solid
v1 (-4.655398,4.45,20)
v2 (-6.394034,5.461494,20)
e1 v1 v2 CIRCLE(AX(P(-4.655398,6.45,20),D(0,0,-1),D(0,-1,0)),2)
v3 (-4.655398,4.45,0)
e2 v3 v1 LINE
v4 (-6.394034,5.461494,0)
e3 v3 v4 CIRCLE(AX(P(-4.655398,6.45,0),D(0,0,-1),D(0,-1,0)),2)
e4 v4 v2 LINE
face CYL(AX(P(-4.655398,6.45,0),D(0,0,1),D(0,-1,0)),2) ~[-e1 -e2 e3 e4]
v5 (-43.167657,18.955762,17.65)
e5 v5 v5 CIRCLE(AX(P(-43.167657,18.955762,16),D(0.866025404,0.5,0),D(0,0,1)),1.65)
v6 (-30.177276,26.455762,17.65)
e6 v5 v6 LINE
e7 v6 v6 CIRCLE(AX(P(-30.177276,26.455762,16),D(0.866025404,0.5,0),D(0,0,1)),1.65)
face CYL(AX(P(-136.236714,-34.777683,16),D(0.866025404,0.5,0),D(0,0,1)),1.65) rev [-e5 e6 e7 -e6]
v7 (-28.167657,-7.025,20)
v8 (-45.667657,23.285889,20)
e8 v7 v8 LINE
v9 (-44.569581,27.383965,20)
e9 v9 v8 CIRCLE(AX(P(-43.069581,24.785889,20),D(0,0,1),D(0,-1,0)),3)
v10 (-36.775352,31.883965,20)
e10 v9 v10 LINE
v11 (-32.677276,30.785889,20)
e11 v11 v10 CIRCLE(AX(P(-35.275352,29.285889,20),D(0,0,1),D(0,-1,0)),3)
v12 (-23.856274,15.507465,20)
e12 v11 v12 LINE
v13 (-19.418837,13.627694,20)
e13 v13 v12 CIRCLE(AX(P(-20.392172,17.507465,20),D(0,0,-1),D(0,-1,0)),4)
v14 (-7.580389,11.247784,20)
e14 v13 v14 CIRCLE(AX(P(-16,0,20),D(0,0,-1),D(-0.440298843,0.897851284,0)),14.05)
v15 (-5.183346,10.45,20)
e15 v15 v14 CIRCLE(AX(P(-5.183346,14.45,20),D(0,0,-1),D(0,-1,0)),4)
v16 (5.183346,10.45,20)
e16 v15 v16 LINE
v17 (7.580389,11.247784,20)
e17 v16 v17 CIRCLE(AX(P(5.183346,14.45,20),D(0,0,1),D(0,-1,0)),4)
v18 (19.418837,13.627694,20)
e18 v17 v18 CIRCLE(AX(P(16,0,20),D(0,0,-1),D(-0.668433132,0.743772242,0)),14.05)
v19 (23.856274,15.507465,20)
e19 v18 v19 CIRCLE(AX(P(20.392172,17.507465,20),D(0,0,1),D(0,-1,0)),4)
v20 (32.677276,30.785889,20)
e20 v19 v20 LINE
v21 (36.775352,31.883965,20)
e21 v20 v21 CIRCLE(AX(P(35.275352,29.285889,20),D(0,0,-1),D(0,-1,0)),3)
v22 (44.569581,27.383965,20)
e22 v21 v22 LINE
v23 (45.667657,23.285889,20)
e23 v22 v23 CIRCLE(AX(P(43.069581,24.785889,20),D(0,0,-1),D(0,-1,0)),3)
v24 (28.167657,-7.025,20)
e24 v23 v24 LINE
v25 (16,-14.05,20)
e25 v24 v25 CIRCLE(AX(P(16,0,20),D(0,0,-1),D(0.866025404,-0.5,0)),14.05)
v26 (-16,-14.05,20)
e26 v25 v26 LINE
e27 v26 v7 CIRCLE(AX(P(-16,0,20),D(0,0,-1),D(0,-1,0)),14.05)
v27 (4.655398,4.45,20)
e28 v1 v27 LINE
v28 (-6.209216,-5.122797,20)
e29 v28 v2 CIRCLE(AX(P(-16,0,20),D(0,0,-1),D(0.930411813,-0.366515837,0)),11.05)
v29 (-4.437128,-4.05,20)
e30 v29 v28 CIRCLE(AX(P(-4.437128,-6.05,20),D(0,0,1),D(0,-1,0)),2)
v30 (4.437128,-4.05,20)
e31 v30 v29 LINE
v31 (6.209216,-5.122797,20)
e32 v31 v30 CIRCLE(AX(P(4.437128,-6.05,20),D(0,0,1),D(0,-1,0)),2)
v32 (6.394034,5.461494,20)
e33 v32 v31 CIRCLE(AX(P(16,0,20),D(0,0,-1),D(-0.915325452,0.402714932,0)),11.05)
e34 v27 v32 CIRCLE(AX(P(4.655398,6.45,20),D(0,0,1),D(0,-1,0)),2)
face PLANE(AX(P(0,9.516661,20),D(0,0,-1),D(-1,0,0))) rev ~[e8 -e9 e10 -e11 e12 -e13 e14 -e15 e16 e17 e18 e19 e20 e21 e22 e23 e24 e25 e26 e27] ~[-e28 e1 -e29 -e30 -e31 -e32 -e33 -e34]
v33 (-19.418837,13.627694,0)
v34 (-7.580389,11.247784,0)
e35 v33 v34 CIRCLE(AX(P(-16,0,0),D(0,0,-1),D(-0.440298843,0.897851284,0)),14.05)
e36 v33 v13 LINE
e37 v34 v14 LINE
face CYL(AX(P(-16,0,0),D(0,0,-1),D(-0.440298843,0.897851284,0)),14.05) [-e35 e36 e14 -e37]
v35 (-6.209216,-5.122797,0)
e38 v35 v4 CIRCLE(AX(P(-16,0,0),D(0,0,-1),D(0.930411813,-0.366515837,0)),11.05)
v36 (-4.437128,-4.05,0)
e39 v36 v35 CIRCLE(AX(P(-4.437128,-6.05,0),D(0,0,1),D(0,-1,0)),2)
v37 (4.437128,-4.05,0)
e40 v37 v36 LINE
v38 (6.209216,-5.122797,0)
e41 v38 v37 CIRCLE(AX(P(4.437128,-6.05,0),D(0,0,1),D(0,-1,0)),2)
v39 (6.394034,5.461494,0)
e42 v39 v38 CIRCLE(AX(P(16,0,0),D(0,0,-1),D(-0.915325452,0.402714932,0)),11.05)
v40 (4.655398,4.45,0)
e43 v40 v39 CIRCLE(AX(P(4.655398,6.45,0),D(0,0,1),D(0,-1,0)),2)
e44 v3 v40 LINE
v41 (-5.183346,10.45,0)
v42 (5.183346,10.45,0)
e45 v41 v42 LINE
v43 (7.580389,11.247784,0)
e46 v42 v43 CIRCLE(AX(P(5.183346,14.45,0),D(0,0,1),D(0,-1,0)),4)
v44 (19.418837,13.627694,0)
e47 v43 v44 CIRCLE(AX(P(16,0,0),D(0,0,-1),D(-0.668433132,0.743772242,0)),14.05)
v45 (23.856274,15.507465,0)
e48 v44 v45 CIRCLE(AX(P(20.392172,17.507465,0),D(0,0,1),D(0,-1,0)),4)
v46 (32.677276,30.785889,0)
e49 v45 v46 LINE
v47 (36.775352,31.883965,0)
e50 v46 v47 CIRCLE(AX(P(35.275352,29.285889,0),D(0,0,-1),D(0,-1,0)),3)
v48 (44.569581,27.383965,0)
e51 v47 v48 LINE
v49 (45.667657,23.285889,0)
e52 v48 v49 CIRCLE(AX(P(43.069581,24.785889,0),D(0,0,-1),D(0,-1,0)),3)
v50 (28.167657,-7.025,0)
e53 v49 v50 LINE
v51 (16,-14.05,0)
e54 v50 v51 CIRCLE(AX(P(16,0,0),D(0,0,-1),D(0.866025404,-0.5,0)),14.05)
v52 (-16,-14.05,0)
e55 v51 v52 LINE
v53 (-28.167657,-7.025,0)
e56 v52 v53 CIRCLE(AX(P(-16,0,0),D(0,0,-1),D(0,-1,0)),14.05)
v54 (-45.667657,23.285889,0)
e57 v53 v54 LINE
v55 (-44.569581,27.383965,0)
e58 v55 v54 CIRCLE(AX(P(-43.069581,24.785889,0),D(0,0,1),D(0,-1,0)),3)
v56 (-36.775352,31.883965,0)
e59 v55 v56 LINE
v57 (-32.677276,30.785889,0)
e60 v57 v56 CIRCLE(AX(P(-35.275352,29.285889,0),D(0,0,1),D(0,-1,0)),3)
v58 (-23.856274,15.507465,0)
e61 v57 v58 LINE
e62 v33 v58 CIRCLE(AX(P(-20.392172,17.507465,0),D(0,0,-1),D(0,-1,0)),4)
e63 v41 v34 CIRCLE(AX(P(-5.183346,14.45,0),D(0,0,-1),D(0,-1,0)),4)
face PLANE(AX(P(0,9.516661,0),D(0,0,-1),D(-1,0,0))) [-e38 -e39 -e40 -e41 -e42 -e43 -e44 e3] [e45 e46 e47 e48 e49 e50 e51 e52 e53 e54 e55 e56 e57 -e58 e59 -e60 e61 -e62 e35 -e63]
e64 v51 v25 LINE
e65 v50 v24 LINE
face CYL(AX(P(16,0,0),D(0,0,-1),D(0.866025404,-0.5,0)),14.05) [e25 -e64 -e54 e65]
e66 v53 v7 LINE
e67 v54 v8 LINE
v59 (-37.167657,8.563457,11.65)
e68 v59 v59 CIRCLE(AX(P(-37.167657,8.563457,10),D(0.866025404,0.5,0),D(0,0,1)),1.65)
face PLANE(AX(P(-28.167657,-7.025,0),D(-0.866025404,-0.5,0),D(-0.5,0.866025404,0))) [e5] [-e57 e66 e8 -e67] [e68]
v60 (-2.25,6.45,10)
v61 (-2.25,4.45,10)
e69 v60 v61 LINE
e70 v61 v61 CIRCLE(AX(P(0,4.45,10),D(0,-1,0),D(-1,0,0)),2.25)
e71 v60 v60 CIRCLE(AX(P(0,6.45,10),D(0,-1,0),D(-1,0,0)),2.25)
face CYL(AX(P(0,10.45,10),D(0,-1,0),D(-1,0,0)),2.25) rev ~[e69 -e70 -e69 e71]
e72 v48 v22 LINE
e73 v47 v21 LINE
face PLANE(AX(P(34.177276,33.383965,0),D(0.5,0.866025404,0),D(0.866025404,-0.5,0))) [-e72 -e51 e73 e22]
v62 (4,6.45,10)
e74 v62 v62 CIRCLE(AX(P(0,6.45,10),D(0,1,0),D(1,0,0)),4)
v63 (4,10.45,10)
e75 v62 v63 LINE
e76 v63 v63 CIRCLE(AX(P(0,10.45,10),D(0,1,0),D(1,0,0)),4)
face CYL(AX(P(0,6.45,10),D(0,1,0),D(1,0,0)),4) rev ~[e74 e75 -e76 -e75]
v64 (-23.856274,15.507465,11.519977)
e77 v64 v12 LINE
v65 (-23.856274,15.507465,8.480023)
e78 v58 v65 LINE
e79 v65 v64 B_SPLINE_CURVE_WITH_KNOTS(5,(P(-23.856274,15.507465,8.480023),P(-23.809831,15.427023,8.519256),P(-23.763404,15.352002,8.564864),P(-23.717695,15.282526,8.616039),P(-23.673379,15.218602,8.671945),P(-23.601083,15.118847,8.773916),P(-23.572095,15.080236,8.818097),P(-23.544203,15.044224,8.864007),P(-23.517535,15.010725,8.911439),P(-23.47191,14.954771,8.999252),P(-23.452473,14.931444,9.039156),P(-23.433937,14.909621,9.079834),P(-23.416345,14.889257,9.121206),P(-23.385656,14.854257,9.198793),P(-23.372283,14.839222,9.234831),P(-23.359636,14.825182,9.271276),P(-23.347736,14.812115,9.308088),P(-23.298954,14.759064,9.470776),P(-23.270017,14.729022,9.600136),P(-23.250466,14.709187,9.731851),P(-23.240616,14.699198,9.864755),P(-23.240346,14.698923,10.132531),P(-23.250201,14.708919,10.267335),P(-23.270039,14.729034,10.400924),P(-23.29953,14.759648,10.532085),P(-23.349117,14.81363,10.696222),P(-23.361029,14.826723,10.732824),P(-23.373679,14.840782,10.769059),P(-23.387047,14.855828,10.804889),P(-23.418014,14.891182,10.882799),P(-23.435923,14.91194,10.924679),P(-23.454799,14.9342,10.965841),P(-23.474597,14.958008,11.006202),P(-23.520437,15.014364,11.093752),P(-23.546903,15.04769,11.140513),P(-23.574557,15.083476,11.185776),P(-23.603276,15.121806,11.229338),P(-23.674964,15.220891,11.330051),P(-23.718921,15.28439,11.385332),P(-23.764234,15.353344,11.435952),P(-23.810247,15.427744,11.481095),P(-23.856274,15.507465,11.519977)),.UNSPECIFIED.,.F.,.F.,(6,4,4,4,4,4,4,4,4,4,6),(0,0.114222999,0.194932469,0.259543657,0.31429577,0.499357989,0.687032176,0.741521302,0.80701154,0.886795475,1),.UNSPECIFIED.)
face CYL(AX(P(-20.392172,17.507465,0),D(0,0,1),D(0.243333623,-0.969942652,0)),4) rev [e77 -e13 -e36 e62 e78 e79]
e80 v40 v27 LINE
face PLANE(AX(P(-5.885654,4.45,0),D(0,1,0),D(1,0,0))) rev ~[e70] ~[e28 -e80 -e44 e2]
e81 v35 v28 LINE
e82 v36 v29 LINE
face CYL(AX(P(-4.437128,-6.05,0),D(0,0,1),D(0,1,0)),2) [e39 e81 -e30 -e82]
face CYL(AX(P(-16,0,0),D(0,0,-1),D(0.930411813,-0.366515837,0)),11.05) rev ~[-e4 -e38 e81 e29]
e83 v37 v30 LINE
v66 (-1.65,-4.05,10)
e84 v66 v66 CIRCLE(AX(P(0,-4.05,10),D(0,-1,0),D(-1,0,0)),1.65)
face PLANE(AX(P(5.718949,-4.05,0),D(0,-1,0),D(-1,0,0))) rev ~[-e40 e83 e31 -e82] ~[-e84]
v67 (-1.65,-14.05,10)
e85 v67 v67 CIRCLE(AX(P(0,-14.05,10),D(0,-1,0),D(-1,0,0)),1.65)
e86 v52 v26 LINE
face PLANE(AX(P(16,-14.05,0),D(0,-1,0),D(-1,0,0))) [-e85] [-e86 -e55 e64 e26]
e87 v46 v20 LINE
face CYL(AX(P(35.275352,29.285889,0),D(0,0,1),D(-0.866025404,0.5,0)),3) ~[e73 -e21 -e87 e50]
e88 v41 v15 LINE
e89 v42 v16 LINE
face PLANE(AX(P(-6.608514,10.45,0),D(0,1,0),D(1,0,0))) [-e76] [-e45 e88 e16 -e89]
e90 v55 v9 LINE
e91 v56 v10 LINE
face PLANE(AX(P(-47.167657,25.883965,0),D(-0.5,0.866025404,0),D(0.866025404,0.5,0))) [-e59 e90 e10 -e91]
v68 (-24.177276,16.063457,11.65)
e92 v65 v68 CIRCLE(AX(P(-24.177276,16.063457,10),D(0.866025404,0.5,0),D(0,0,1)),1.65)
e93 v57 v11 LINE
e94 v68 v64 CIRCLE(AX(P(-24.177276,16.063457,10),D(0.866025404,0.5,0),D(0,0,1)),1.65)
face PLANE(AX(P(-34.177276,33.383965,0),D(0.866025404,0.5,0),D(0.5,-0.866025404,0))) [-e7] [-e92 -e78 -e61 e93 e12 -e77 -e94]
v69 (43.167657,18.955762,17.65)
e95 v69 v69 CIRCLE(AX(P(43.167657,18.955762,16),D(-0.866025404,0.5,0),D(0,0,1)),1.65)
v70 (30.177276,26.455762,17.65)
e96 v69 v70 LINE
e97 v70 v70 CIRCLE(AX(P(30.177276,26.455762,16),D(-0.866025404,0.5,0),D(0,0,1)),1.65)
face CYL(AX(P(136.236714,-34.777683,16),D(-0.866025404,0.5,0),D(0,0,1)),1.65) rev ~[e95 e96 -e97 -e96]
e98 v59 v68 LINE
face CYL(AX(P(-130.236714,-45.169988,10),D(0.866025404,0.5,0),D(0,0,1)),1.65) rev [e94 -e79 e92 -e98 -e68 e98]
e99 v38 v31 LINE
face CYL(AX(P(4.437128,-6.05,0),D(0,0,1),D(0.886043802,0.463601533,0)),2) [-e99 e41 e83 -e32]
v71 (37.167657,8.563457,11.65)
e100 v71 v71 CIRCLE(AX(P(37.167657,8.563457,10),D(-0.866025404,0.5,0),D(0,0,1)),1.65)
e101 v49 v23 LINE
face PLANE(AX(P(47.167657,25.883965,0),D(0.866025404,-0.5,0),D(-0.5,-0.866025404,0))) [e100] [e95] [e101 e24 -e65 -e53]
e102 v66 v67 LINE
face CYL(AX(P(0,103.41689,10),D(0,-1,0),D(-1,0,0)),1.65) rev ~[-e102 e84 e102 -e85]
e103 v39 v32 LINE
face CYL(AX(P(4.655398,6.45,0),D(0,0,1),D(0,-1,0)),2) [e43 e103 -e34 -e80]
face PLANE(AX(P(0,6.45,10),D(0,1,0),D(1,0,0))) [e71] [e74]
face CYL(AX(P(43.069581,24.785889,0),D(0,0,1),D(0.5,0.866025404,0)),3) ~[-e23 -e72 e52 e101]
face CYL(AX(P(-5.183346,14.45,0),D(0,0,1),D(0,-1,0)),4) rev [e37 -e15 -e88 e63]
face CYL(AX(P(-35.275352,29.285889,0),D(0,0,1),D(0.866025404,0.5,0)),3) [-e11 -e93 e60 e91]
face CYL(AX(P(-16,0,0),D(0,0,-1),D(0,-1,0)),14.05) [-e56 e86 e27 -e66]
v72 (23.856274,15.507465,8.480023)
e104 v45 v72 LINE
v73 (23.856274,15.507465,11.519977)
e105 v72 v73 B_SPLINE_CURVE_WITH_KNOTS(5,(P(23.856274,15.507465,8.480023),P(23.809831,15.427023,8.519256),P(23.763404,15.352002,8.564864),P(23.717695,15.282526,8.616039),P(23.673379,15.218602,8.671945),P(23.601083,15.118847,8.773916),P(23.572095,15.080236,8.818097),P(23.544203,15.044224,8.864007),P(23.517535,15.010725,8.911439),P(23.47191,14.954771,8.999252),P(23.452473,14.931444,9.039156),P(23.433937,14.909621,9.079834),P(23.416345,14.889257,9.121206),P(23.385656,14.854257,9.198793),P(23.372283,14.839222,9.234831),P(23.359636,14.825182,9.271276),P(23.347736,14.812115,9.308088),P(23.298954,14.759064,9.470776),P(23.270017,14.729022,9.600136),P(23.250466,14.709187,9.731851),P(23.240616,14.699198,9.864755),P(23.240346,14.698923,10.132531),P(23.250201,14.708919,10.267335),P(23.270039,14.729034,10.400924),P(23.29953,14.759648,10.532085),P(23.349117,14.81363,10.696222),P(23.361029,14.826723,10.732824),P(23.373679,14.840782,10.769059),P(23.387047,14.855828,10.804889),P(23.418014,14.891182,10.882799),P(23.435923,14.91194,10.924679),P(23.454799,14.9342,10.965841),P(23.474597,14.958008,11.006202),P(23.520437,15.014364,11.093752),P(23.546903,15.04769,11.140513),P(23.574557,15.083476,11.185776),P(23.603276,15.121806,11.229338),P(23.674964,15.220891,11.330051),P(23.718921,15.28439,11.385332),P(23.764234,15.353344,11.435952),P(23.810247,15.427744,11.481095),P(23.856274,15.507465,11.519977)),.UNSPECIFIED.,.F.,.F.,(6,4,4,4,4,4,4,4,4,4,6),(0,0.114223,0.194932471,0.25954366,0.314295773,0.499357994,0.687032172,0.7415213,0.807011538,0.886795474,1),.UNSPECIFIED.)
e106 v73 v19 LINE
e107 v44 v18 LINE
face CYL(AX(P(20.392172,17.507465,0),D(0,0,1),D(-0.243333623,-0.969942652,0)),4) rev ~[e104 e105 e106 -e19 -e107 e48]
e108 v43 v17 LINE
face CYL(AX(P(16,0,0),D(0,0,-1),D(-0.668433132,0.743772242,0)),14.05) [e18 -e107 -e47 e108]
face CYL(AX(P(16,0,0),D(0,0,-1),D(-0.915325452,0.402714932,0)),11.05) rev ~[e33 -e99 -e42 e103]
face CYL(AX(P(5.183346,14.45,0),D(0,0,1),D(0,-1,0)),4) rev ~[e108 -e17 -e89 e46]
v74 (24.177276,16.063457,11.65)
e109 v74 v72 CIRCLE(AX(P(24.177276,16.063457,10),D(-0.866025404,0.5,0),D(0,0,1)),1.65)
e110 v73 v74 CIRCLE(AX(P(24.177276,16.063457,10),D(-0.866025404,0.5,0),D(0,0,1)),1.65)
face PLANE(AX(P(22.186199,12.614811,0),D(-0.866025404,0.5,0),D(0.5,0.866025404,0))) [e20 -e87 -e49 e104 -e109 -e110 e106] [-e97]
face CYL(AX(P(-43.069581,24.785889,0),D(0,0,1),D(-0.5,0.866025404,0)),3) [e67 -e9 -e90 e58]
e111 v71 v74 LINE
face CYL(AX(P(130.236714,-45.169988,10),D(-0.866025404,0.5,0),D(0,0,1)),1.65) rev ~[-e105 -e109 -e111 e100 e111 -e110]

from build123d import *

# Parameters (mm, degrees)
EXTRUDE_2_DEPTH             = 20
HOLE_WIZARD_M41_D           = 4.5
HOLE_WIZARD_M41_DEPTH       = 6
HOLE_WIZARD_M41_CBORE_D     = 8
HOLE_WIZARD_M41_CBORE_DEPTH = 4
M4X0_71_D                   = 3.3
FILLET_1_R                  = 2
FILLET_2_R                  = 4
M4X0_72_D                   = 3.3
FILLET_3_R                  = 3


with BuildPart() as part:
    # Эскиз1 → Бобышка-Вытянуть2 (new body)
    with BuildSketch(Plane.XY):
        with BuildLine():
            Line((-6.608514495, 10.45), (6.608514495, 10.45))
            ThreePointArc((6.608514495, 10.45), (14.066074726, 13.916265053), (22.186198751, 12.614810542))
            Line((22.186198751, 12.614810542), (34.177275866, 33.383965344))
            Line((34.177275866, 33.383965344), (47.167656923, 25.883965344))
            Line((47.167656923, 25.883965344), (28.167656923, -7.025))
            ThreePointArc((28.167656923, -7.025), (23.025, -12.167656923), (16, -14.05))
            Line((16, -14.05), (-16, -14.05))
            ThreePointArc((-16, -14.05), (-23.025, -12.167656923), (-28.167656923, -7.025))
            Line((-28.167656923, -7.025), (-47.167656923, 25.883965344))
            Line((-47.167656923, 25.883965344), (-34.177275866, 33.383965344))
            Line((-34.177275866, 33.383965344), (-22.186198751, 12.614810542))
            ThreePointArc((-22.186198751, 12.614810542), (-14.066074726, 13.916265053), (-6.608514495, 10.45))
        make_face()
        with BuildLine():
            Line((-5.885653753, 4.45), (5.885653753, 4.45))
            ThreePointArc((5.885653753, 4.45), (27.047875471, -0.216673901), (5.71894947, -4.05))
            Line((5.71894947, -4.05), (-5.71894947, -4.05))
            ThreePointArc((-5.71894947, -4.05), (-27.047875471, -0.216673901), (-5.885653753, 4.45))
        make_face(mode=Mode.SUBTRACT)
    extrude(amount=EXTRUDE_2_DEPTH)

    # Цековка для винта с внутренним шестигранником M41
    with Locations(Plane(origin=(0, 10.45, 0), x_dir=(1, 0, 0), z_dir=(0, 1, 0))):
        with Locations((0, -10)):
            CounterBoreHole(HOLE_WIZARD_M41_D / 2, HOLE_WIZARD_M41_CBORE_D / 2, HOLE_WIZARD_M41_CBORE_DEPTH, depth=HOLE_WIZARD_M41_DEPTH)

    # Отверстие обработанное метчиком M4x0.71 (through all)
    with Locations(Plane(origin=(0, -4.05, 0), x_dir=(1, 0, 0), z_dir=(0, 1, 0))):
        with Locations((0, -10)):
            Hole(M4X0_71_D / 2)

    # Скругление1
    fillet_1_edges = [part.edges().sort_by_distance(p)[0] for p in [
        (-5.885653753, 4.45, 10),
        (-5.71894947, -4.05, 10),
        (5.71894947, -4.05, 10),
        (5.885653753, 4.45, 10),
    ]]
    fillet(fillet_1_edges, radius=FILLET_1_R)

    # Скругление2
    fillet_2_edges = [part.edges().sort_by_distance(p)[0] for p in [
        (-6.608514495, 10.45, 10),
        (6.608514495, 10.45, 10),
        (22.186198751, 12.614810542, 10),
        (-22.186198751, 12.614810542, 10),
    ]]
    fillet(fillet_2_edges, radius=FILLET_2_R)

    # Отверстие обработанное метчиком M4x0.72 (through all)
    with Locations(Plane(origin=(24.167656923, -13.95320323, 0), x_dir=(0, 0, -1), z_dir=(0.866025404, -0.5, 0))):
        with Locations((-10, 26), (-16, 38)):
            m4x0_72 = Hole(M4X0_72_D / 2)

    # Зеркальное отражение1: Отверстие обработанное метчиком M4x0.72 across plane
    add(m4x0_72.mirror(Plane(origin=(0, 0, 0), x_dir=(0, 0, 1), z_dir=(1, 0, 0))), mode=Mode.SUBTRACT)

    # Скругление3
    fillet_3_edges = [part.edges().sort_by_distance(p)[0] for p in [
        (34.177275866, 33.383965344, 10),
        (47.167656923, 25.883965344, 10),
        (-47.167656923, 25.883965344, 10),
        (-34.177275866, 33.383965344, 10),
    ]]
    fillet(fillet_3_edges, radius=FILLET_3_R)


solid = part.part
